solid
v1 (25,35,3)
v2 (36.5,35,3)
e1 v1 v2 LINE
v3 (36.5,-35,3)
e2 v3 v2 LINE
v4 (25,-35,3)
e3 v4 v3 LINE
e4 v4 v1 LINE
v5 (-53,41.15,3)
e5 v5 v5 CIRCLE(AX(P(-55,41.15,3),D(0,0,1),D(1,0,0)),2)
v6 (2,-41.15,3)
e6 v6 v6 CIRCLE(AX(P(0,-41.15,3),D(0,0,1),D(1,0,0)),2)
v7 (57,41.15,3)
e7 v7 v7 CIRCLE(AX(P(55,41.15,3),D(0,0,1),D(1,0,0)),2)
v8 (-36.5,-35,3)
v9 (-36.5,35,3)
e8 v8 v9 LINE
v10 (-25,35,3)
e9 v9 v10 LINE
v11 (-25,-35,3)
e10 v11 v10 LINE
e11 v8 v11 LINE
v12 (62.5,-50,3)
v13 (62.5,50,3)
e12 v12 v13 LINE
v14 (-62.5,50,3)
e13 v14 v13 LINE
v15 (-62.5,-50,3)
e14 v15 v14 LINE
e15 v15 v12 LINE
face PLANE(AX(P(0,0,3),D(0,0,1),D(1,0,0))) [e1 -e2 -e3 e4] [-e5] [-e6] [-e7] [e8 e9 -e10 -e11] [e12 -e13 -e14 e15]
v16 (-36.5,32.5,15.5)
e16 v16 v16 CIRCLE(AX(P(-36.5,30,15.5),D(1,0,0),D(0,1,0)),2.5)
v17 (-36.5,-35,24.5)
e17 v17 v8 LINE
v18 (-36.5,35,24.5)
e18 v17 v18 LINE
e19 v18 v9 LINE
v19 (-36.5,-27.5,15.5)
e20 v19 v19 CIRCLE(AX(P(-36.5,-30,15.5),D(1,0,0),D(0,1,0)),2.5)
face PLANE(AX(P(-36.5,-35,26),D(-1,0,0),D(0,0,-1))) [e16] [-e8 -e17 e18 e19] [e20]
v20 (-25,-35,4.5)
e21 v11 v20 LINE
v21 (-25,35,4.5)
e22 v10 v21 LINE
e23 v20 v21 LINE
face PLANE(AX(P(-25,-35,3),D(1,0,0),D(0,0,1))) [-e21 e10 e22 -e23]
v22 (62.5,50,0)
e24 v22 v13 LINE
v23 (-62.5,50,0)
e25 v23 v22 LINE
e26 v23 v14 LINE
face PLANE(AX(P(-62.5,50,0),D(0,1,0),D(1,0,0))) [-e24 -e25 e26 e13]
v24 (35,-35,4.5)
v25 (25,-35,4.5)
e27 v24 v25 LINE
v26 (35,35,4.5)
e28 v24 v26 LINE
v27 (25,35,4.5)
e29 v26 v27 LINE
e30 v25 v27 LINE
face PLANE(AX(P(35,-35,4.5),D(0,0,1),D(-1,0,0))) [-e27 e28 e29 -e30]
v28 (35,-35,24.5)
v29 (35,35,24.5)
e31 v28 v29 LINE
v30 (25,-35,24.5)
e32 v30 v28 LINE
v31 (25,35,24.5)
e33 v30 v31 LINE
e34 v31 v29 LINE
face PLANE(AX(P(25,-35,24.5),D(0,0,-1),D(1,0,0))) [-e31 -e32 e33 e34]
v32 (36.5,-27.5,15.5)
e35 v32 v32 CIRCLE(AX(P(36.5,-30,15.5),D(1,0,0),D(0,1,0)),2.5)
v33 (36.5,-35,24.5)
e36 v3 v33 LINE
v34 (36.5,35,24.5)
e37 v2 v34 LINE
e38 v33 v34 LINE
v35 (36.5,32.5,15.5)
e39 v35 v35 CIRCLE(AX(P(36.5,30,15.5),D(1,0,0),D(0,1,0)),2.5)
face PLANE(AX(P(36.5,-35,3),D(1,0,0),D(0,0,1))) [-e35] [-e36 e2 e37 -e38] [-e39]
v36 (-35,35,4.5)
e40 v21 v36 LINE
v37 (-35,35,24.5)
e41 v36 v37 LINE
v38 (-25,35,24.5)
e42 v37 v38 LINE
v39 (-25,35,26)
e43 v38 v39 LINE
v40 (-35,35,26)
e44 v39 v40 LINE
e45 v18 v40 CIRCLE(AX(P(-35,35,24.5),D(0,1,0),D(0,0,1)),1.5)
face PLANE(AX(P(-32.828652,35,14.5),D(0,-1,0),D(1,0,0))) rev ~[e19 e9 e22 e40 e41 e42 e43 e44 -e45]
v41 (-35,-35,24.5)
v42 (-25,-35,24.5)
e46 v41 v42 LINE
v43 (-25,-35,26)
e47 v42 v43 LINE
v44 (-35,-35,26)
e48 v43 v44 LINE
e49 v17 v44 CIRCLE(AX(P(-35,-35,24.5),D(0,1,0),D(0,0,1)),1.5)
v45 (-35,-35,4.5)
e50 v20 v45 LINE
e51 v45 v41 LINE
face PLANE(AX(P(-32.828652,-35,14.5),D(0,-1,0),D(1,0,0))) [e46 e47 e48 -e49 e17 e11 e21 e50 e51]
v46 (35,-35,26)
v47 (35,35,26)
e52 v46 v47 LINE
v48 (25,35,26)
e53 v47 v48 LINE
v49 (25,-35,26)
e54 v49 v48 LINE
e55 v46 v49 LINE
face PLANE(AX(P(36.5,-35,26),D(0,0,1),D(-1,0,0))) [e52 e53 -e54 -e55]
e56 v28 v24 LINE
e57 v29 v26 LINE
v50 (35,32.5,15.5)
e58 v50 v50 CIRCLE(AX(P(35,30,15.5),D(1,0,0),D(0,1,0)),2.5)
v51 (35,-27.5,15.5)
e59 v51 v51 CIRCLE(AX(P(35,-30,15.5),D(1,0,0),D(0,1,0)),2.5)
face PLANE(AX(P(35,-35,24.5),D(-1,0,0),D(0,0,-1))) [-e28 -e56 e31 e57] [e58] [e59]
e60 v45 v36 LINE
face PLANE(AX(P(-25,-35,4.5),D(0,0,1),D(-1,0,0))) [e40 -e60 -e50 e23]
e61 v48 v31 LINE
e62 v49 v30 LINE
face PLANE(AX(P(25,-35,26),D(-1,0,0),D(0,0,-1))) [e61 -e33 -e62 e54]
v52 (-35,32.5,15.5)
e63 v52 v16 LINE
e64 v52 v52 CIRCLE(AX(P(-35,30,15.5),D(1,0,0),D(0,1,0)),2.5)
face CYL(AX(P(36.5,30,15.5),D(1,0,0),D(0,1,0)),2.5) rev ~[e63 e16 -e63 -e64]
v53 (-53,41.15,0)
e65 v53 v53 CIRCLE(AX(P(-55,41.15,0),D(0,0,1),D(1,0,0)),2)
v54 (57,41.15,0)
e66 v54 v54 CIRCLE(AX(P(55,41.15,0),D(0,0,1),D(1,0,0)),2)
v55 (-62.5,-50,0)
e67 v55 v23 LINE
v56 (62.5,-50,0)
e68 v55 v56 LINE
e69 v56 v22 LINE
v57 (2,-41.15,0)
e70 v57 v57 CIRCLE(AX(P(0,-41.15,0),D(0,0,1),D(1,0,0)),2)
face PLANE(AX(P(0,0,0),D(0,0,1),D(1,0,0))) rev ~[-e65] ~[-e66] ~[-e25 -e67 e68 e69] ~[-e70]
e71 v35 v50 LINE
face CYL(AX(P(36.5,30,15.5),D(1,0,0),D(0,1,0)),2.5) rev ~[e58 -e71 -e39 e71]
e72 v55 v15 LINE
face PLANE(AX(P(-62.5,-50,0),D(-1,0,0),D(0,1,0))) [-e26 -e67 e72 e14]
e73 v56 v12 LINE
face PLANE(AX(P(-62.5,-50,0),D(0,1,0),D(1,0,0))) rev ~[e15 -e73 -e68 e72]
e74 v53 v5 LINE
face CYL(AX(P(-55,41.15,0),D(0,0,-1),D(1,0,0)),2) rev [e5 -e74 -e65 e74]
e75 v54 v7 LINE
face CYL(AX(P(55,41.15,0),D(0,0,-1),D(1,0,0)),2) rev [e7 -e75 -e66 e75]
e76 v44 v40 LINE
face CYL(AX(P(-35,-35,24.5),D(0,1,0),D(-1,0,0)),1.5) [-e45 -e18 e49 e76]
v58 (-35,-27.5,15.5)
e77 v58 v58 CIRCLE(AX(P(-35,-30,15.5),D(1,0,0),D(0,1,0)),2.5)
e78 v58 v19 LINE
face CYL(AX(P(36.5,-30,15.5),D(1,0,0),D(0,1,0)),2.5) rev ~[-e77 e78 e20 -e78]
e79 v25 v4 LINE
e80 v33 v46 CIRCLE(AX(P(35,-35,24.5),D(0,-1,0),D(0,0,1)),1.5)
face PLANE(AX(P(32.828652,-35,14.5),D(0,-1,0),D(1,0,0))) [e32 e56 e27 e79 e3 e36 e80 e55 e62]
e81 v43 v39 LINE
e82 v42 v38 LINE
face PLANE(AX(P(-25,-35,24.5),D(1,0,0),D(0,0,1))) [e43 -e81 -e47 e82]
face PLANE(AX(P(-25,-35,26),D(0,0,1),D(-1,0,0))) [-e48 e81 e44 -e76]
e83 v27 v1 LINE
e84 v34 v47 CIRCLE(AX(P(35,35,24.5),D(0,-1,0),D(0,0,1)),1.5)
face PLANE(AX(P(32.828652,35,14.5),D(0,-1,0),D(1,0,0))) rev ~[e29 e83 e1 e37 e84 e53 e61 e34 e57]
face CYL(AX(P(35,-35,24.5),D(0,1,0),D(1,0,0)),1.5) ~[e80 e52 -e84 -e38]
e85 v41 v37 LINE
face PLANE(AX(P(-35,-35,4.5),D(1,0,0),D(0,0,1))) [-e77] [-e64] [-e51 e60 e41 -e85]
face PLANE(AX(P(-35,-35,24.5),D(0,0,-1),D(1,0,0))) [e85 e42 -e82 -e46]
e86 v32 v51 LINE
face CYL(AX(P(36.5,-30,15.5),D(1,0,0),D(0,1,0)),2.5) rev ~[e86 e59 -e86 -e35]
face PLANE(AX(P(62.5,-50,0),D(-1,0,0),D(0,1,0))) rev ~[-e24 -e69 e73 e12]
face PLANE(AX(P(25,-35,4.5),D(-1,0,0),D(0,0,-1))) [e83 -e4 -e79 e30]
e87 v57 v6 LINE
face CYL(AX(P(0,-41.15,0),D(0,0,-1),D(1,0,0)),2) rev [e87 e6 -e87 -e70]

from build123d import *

# Parameters (mm, degrees)
F0_W     = 125
F0_H     = 100
F0_R     = 2
F1_DEPTH = 3
F4_DEPTH = 70
F5_R     = 2.5
F6_DEPTH = 99.001
F7_R     = 1.5


with BuildPart() as f1:
    # F0 (on Top) → F1 (new body)
    with BuildSketch(Plane.XY):
        Rectangle(F0_W, F0_H)
        with Locations((0, -41.15)):
            Circle(F0_R, mode=Mode.SUBTRACT)
        with Locations((-55, 41.15)):
            Circle(F0_R, mode=Mode.SUBTRACT)
        with Locations((55, 41.15)):
            Circle(F0_R, mode=Mode.SUBTRACT)
    extrude(amount=F1_DEPTH)

    # F3 (on offset) → F4 (join)
    with BuildSketch(Plane.XZ.offset(35)):
        Polygon((35, 24.5), (35, 4.5), (25, 4.5), (25, 3), (36.5, 3), (36.5, 26), (25, 26), (25, 24.5), align=None)
        Polygon((-36.5, 26), (-36.5, 3), (-25, 3), (-25, 4.5), (-35, 4.5), (-35, 24.5), (-25, 24.5), (-25, 26), align=None)
    extrude(amount=-F4_DEPTH)

    # F5 (on face) → F6 (cut, through all)
    with BuildSketch(Plane.YZ.offset(36.5)):
        with Locations((-30, 15.5)):
            Circle(F5_R)
        with Locations((30, 15.5)):
            Circle(F5_R)
    extrude(amount=-F6_DEPTH, mode=Mode.SUBTRACT)

    # F7
    f7_edges = [f1.edges().sort_by_distance(p)[0] for p in [
        (36.5, 0, 26),
        (-36.5, 0, 26),
    ]]
    fillet(f7_edges, radius=F7_R)


solid = f1.part
